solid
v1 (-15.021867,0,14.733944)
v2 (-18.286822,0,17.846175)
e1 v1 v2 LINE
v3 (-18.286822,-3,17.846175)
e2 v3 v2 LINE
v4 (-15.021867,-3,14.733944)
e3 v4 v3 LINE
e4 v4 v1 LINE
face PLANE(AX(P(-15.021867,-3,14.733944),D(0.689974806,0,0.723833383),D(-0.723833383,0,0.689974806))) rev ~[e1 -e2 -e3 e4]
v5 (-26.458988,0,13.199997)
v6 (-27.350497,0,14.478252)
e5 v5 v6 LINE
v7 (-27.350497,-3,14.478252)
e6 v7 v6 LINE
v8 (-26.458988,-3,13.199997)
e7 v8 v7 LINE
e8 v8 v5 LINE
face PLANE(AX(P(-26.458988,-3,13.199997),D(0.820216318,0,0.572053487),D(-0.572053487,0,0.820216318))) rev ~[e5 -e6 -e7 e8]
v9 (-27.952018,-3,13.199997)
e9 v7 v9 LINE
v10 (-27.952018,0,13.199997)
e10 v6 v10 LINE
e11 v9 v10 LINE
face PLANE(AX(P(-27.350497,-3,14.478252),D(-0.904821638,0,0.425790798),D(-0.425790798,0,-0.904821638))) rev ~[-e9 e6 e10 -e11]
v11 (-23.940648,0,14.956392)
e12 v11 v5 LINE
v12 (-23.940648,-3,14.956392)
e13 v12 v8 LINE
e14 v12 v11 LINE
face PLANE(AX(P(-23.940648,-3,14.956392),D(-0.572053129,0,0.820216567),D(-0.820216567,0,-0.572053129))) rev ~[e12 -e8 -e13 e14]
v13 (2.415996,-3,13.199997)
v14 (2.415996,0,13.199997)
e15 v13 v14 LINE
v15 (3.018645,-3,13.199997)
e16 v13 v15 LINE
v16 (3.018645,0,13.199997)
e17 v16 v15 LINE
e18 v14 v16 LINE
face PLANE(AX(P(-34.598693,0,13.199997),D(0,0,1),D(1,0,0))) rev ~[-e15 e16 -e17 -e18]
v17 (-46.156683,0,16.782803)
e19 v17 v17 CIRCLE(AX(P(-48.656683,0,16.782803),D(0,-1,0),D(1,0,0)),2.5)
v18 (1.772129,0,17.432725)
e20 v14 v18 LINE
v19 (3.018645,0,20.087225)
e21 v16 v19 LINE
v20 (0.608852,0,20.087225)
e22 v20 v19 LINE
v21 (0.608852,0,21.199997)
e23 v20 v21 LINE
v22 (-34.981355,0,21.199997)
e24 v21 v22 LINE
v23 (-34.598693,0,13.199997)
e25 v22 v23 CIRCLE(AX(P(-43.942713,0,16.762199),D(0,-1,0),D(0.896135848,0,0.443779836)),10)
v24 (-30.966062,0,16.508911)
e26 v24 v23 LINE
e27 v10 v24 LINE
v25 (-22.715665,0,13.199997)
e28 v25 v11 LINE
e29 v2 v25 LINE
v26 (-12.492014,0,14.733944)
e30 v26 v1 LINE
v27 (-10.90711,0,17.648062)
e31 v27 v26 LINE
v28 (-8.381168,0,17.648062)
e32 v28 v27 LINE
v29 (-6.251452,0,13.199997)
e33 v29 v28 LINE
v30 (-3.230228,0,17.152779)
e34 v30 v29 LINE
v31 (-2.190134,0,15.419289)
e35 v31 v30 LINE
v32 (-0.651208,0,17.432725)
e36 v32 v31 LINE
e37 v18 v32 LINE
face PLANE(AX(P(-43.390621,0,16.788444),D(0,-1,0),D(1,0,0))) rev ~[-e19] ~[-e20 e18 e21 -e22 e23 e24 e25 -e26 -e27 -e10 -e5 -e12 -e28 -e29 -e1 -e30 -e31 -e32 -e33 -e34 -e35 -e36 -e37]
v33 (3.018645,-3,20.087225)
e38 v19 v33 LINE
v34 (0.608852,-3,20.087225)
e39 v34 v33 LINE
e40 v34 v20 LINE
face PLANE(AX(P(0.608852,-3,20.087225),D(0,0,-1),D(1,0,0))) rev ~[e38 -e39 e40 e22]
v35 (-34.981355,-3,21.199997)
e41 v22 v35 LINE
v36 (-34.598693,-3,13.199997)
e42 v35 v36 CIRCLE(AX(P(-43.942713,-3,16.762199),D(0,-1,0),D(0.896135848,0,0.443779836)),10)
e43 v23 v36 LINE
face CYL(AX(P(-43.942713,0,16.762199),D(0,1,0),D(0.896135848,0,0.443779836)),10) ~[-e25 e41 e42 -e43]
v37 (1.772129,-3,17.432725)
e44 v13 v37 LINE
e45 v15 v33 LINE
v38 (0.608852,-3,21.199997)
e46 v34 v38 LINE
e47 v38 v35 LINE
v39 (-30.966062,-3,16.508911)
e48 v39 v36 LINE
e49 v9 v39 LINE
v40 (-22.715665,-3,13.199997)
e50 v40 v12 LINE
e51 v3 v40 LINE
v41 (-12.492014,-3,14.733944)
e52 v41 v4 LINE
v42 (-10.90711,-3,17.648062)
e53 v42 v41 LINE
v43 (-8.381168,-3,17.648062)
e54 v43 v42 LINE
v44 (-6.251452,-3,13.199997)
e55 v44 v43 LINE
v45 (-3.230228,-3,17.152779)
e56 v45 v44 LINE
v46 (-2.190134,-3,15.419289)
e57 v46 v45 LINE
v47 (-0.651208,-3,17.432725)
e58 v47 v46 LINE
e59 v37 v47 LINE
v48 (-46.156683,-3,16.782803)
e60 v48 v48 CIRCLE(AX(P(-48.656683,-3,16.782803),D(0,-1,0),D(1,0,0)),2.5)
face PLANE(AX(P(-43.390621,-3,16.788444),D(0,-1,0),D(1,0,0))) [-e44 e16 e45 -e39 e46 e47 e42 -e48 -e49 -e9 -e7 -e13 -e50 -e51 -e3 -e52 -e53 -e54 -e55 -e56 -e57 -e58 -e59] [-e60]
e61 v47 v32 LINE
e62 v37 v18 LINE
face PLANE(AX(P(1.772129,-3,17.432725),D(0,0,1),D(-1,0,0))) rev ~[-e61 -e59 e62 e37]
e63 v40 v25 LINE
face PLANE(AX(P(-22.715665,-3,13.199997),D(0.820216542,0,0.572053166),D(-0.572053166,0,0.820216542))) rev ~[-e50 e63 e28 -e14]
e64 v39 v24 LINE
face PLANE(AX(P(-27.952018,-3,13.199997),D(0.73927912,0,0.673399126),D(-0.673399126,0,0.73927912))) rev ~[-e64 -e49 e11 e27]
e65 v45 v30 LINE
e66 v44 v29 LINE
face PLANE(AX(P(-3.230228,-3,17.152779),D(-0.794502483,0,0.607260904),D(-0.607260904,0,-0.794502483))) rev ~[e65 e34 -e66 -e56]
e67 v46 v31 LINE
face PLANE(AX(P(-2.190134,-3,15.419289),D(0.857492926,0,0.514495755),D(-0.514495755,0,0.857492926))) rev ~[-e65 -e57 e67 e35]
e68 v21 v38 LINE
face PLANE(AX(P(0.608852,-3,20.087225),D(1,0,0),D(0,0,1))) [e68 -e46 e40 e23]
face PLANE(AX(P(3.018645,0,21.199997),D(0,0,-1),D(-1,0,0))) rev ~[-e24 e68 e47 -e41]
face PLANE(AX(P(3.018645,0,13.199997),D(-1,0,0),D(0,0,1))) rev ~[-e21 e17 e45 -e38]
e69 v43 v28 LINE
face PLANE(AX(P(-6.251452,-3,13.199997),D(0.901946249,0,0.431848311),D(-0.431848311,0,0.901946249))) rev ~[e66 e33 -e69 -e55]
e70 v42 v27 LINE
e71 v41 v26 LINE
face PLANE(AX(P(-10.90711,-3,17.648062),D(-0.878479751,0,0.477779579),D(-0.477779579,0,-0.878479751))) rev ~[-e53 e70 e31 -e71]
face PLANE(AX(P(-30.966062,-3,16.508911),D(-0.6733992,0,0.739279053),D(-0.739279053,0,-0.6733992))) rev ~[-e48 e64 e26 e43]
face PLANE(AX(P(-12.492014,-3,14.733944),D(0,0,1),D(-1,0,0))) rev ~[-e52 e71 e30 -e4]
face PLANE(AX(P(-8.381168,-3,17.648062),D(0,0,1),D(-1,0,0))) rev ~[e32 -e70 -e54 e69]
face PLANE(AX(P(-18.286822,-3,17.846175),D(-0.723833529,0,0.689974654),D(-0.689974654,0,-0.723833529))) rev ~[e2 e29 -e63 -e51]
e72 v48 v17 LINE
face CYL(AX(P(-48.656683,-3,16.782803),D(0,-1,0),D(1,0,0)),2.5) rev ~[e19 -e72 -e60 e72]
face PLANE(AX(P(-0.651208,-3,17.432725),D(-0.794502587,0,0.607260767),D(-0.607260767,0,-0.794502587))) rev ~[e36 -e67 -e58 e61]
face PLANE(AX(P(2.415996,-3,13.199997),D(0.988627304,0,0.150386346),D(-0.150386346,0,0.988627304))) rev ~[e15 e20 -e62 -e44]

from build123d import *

# Parameters (mm, degrees)
F1_DEPTH = 3
F3_DEPTH = 25
F4_W     = 3.49161
F4_H     = 1.112773
F5_DEPTH = 25
F6_R     = 2.5
F7_DEPTH = 25


with BuildPart() as f1:
    # F0 (on Front) → F1 (new body)
    with BuildSketch(Plane.XZ):
        with BuildLine():
            ThreePointArc((-34.598693, 13.199997), (-34.108076, 14.95115), (-33.942714, 16.762199))
            ThreePointArc((-33.942714, 16.762199), (-34.205836, 19.04106), (-34.981355, 21.199997))
            ThreePointArc((-34.981355, 21.199997), (-53.931293, 16.284418), (-34.598693, 13.199997))
        make_face()
        with BuildLine():
            ThreePointArc((-34.981355, 21.199997), (-34.205836, 19.04106), (-33.942714, 16.762199))
            ThreePointArc((-33.942714, 16.762199), (-34.108076, 14.95115), (-34.598693, 13.199997))
            Line((-34.598693, 13.199997), (3.018645, 13.199997))
            Line((3.018645, 13.199997), (3.018645, 21.199997))
            Line((3.018645, 21.199997), (-34.981355, 21.199997))
        make_face()
    extrude(amount=F1_DEPTH)

    # F2 (on face) → F3 (cut)
    with BuildSketch(Plane.XZ.offset(3)):
        Polygon((-30.966062, 16.508911), (-34.598693, 13.199997), (-27.952018, 13.199997), align=None)
        Polygon((-27.350497, 14.478252), (-27.952018, 13.199997), (-26.458988, 13.199997), align=None)
        Polygon((-23.940648, 14.956392), (-26.458988, 13.199997), (-22.715665, 13.199997), align=None)
        Polygon((-18.286822, 17.846175), (-22.715665, 13.199997), (-6.251452, 13.199997), (-8.381168, 17.648062), (-10.90711, 17.648062), (-12.492014, 14.733944), (-15.021867, 14.733944), align=None)
        Polygon((-6.251452, 13.199997), (2.415996, 13.199997), (1.772129, 17.432725), (-0.651208, 17.432725), (-2.190134, 15.419289), (-3.230228, 17.152779), align=None)
    extrude(amount=-F3_DEPTH, mode=Mode.SUBTRACT)

    # F4 (on face) → F5 (cut)
    with BuildSketch(Plane.XZ.offset(3)):
        with Locations((2.354657, 20.643611)):
            Rectangle(F4_W, F4_H)
    extrude(amount=-F5_DEPTH, mode=Mode.SUBTRACT)

    # F6 (on face) → F7 (cut)
    with BuildSketch(Plane.XZ.offset(3)):
        with Locations((-48.656683, 16.782803)):
            Circle(F6_R)
    extrude(amount=-F7_DEPTH, mode=Mode.SUBTRACT)


solid = f1.part
